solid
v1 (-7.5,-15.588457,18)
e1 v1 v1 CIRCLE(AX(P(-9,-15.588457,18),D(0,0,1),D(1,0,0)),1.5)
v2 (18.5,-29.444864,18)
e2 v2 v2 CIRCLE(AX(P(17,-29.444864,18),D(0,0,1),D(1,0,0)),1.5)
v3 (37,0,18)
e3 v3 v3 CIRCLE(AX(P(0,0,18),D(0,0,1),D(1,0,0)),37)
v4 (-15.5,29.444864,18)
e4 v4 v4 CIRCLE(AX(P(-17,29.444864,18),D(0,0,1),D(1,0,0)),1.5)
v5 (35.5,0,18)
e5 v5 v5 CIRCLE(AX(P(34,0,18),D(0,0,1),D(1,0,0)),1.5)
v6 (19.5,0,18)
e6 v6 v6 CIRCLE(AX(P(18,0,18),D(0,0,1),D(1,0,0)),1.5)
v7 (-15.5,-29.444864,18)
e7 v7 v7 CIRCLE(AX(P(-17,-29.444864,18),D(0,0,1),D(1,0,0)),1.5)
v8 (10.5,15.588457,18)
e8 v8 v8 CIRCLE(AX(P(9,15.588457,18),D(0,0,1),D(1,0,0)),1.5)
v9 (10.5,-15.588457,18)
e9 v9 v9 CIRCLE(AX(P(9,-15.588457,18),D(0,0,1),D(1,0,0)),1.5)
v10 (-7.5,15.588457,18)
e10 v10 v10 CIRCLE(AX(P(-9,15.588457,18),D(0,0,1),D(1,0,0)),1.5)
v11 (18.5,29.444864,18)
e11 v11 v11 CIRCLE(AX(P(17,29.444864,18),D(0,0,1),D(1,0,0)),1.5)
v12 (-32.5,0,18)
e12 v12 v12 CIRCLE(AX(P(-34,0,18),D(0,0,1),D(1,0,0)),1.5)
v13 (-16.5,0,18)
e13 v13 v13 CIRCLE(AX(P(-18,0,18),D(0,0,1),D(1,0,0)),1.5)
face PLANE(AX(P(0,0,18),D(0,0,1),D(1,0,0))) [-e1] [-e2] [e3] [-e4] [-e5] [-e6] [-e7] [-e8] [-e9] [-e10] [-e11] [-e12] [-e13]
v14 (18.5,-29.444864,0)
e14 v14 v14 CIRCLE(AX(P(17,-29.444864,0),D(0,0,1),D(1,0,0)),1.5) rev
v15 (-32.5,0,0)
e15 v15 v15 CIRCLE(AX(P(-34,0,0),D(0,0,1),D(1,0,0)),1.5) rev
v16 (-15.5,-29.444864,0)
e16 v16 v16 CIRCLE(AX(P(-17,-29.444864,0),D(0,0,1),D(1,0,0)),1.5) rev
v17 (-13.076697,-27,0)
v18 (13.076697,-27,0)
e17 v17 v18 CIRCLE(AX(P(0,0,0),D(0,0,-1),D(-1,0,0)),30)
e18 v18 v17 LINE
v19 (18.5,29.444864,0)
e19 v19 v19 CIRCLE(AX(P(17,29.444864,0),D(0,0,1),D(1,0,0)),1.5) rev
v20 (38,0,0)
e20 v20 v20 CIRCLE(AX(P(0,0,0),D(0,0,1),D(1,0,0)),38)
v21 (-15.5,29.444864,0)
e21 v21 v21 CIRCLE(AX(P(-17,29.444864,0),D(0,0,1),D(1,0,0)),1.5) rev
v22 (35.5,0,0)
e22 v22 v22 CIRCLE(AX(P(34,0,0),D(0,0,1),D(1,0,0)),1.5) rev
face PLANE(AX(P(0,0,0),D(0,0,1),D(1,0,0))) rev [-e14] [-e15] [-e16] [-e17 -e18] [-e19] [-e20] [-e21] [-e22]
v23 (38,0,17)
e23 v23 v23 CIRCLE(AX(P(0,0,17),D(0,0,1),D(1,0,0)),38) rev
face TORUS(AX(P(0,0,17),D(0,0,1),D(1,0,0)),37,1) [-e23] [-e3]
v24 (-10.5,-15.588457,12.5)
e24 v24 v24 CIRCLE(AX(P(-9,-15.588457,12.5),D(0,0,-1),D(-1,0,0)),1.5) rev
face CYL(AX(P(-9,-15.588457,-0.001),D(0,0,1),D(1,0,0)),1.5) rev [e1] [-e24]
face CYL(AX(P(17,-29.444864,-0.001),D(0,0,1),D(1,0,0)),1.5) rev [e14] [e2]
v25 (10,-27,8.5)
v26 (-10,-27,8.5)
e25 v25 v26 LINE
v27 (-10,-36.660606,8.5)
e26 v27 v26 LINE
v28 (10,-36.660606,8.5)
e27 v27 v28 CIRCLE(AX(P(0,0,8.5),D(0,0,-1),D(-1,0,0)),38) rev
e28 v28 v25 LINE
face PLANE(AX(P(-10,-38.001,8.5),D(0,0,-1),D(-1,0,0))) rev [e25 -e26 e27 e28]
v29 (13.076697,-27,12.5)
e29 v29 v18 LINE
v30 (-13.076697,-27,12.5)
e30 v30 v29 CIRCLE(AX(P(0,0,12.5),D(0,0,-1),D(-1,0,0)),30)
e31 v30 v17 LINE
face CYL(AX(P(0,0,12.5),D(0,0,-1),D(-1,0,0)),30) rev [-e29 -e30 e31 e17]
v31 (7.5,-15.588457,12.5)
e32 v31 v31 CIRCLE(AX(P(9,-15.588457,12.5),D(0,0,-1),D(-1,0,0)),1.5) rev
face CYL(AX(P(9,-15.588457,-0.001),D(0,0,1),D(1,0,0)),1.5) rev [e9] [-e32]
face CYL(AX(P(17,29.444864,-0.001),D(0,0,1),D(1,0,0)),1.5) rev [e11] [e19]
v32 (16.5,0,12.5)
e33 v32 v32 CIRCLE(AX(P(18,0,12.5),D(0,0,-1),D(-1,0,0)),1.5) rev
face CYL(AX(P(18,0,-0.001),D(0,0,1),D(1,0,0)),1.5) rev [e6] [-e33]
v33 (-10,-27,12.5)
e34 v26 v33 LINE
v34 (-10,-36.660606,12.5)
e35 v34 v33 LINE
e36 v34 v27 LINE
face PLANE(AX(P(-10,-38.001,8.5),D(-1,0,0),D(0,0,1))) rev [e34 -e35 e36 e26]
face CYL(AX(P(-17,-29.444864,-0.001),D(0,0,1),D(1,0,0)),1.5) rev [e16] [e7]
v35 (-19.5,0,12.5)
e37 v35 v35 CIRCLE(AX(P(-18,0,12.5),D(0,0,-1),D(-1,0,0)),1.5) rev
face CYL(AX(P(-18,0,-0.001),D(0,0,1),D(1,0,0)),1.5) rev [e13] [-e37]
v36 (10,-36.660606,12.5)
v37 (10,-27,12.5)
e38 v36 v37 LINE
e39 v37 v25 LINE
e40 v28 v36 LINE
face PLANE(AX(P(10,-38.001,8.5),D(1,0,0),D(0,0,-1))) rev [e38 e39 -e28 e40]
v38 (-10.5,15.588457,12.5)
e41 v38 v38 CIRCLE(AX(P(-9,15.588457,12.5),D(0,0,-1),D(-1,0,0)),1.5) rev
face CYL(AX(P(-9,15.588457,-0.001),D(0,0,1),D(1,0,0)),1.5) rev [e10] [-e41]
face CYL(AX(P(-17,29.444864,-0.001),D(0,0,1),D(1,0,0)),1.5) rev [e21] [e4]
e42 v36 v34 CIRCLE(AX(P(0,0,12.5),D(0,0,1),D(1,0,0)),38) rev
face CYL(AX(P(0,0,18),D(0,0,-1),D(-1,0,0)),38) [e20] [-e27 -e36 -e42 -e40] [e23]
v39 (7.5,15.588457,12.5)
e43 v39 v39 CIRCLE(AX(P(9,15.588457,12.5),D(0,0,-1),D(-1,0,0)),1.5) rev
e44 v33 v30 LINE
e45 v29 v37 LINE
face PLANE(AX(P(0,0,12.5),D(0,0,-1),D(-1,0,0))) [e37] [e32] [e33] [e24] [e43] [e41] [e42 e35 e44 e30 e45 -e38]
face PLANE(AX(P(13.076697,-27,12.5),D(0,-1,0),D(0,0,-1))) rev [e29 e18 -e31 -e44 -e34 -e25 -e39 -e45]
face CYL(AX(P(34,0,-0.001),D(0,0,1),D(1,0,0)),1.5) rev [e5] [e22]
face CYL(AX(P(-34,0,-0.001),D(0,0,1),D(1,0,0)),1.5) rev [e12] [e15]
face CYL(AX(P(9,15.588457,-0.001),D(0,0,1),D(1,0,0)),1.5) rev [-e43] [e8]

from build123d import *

# Parameters (mm, degrees)
SKETCH_1_R               = 38
EXTRUDE_1_DEPTH          = 18
CUT_EXTRUDE_1_REACH      = 58.675
SKETCH_2_R               = 1.5
CUT_EXTRUDE_2_DEPTH      = 12.5
FILLET_1_R               = 1
CUT_EXTRUDE_7_REACH      = 79.414
CUT_EXTRUDE_7_END_RADIUS = 38
SKETCH_6_W               = 20
SKETCH_6_H               = 4
CUT_EXTRUDE_8_REACH      = 58.675
SKETCH_7_R               = 1.5


with BuildPart() as part:
    # Эскиз1 → Бобышка-Вытянуть1 (new body)
    with BuildSketch(Plane.XY):
        Circle(SKETCH_1_R)
    extrude(amount=EXTRUDE_1_DEPTH)

    # Эскиз2 → Вырез-Вытянуть1 (cut, up to next)
    with BuildSketch(Plane.XY.offset(18), mode=Mode.PRIVATE) as cut_extrude_1_sk1:
        with Locations((-34, 0)):
            Circle(SKETCH_2_R)
    cut_extrude_1_tool1 = extrude(cut_extrude_1_sk1.sketch, amount=-CUT_EXTRUDE_1_REACH, mode=Mode.PRIVATE) & part.part
    # Эскиз2 → Вырез-Вытянуть1 (cut, up to next)
    with BuildSketch(Plane.XY.offset(18), mode=Mode.PRIVATE) as cut_extrude_1_sk2:
        with Locations((-17, 29.444863729)):
            Circle(SKETCH_2_R)
    cut_extrude_1_tool2 = extrude(cut_extrude_1_sk2.sketch, amount=-CUT_EXTRUDE_1_REACH, mode=Mode.PRIVATE) & part.part
    # Эскиз2 → Вырез-Вытянуть1 (cut, up to next)
    with BuildSketch(Plane.XY.offset(18), mode=Mode.PRIVATE) as cut_extrude_1_sk3:
        with Locations((17, 29.444863729)):
            Circle(SKETCH_2_R)
    cut_extrude_1_tool3 = extrude(cut_extrude_1_sk3.sketch, amount=-CUT_EXTRUDE_1_REACH, mode=Mode.PRIVATE) & part.part
    # Эскиз2 → Вырез-Вытянуть1 (cut, up to next)
    with BuildSketch(Plane.XY.offset(18), mode=Mode.PRIVATE) as cut_extrude_1_sk4:
        with Locations((34, 0)):
            Circle(SKETCH_2_R)
    cut_extrude_1_tool4 = extrude(cut_extrude_1_sk4.sketch, amount=-CUT_EXTRUDE_1_REACH, mode=Mode.PRIVATE) & part.part
    # Эскиз2 → Вырез-Вытянуть1 (cut, up to next)
    with BuildSketch(Plane.XY.offset(18), mode=Mode.PRIVATE) as cut_extrude_1_sk5:
        with Locations((17, -29.444863729)):
            Circle(SKETCH_2_R)
    cut_extrude_1_tool5 = extrude(cut_extrude_1_sk5.sketch, amount=-CUT_EXTRUDE_1_REACH, mode=Mode.PRIVATE) & part.part
    # Эскиз2 → Вырез-Вытянуть1 (cut, up to next)
    with BuildSketch(Plane.XY.offset(18), mode=Mode.PRIVATE) as cut_extrude_1_sk6:
        with Locations((-17, -29.444863729)):
            Circle(SKETCH_2_R)
    cut_extrude_1_tool6 = extrude(cut_extrude_1_sk6.sketch, amount=-CUT_EXTRUDE_1_REACH, mode=Mode.PRIVATE) & part.part
    add(cut_extrude_1_tool1.solids().sort_by_distance((-34, 0, 18))[0], mode=Mode.SUBTRACT)
    add(cut_extrude_1_tool2.solids().sort_by_distance((-17, 29.444864, 18))[0], mode=Mode.SUBTRACT)
    add(cut_extrude_1_tool3.solids().sort_by_distance((17, 29.444864, 18))[0], mode=Mode.SUBTRACT)
    add(cut_extrude_1_tool4.solids().sort_by_distance((34, 0, 18))[0], mode=Mode.SUBTRACT)
    add(cut_extrude_1_tool5.solids().sort_by_distance((17, -29.444864, 18))[0], mode=Mode.SUBTRACT)
    add(cut_extrude_1_tool6.solids().sort_by_distance((-17, -29.444864, 18))[0], mode=Mode.SUBTRACT)

    # Эскиз3 → Вырез-Вытянуть2 (cut)
    with BuildSketch(Plane(origin=(0, 0, 0), x_dir=(-1, 0, 0), z_dir=(0, 0, -1))):
        with BuildLine():
            Line((-13.076696831, -27), (13.076696831, -27))
            ThreePointArc((13.076696831, -27), (0, 30), (-13.076696831, -27))
        make_face()
    extrude(amount=-CUT_EXTRUDE_2_DEPTH, mode=Mode.SUBTRACT)

    # Скругление1
    fillet_1_edges = [part.edges().sort_by_distance(p)[0] for p in [
        (-38, 0, 18),
    ]]
    fillet(fillet_1_edges, radius=FILLET_1_R)

    # Вырез-Вытянуть7: up to this cylinder (the profile starts inside it)
    cut_extrude_7_end = Plane(origin=(0, 0, 10.5), z_dir=(0, 0, -1)) * Cylinder(CUT_EXTRUDE_7_END_RADIUS, 235.828, mode=Mode.PRIVATE)
    # Эскиз6 → Вырез-Вытянуть7 (cut, up to the surface)
    with BuildSketch(Plane(origin=(0, -27, 0), x_dir=(1, 0, 0), z_dir=(0, 1, 0)), mode=Mode.PRIVATE) as cut_extrude_7_sk1:
        with Locations((0, -10.5)):
            Rectangle(SKETCH_6_W, SKETCH_6_H)
    cut_extrude_7_tool1 = extrude(cut_extrude_7_sk1.sketch, amount=-CUT_EXTRUDE_7_REACH, mode=Mode.PRIVATE) & cut_extrude_7_end
    add(cut_extrude_7_tool1.solids().sort_by_distance((0, -27, 10.5))[0], mode=Mode.SUBTRACT)

    # Эскиз7 → Вырез-Вытянуть8 (cut, up to next)
    with BuildSketch(Plane.XY.offset(18), mode=Mode.PRIVATE) as cut_extrude_8_sk1:
        with Locations((-18, 0)):
            Circle(SKETCH_7_R)
    cut_extrude_8_tool1 = extrude(cut_extrude_8_sk1.sketch, amount=-CUT_EXTRUDE_8_REACH, mode=Mode.PRIVATE) & part.part
    # Эскиз7 → Вырез-Вытянуть8 (cut, up to next)
    with BuildSketch(Plane.XY.offset(18), mode=Mode.PRIVATE) as cut_extrude_8_sk2:
        with Locations((-9, 15.588457268)):
            Circle(SKETCH_7_R)
    cut_extrude_8_tool2 = extrude(cut_extrude_8_sk2.sketch, amount=-CUT_EXTRUDE_8_REACH, mode=Mode.PRIVATE) & part.part
    # Эскиз7 → Вырез-Вытянуть8 (cut, up to next)
    with BuildSketch(Plane.XY.offset(18), mode=Mode.PRIVATE) as cut_extrude_8_sk3:
        with Locations((9, 15.588457268)):
            Circle(SKETCH_7_R)
    cut_extrude_8_tool3 = extrude(cut_extrude_8_sk3.sketch, amount=-CUT_EXTRUDE_8_REACH, mode=Mode.PRIVATE) & part.part
    # Эскиз7 → Вырез-Вытянуть8 (cut, up to next)
    with BuildSketch(Plane.XY.offset(18), mode=Mode.PRIVATE) as cut_extrude_8_sk4:
        with Locations((18, 0)):
            Circle(SKETCH_7_R)
    cut_extrude_8_tool4 = extrude(cut_extrude_8_sk4.sketch, amount=-CUT_EXTRUDE_8_REACH, mode=Mode.PRIVATE) & part.part
    # Эскиз7 → Вырез-Вытянуть8 (cut, up to next)
    with BuildSketch(Plane.XY.offset(18), mode=Mode.PRIVATE) as cut_extrude_8_sk5:
        with Locations((9, -15.588457268)):
            Circle(SKETCH_7_R)
    cut_extrude_8_tool5 = extrude(cut_extrude_8_sk5.sketch, amount=-CUT_EXTRUDE_8_REACH, mode=Mode.PRIVATE) & part.part
    # Эскиз7 → Вырез-Вытянуть8 (cut, up to next)
    with BuildSketch(Plane.XY.offset(18), mode=Mode.PRIVATE) as cut_extrude_8_sk6:
        with Locations((-9, -15.588457268)):
            Circle(SKETCH_7_R)
    cut_extrude_8_tool6 = extrude(cut_extrude_8_sk6.sketch, amount=-CUT_EXTRUDE_8_REACH, mode=Mode.PRIVATE) & part.part
    add(cut_extrude_8_tool1.solids().sort_by_distance((-18, 0, 18))[0], mode=Mode.SUBTRACT)
    add(cut_extrude_8_tool2.solids().sort_by_distance((-9, 15.588457, 18))[0], mode=Mode.SUBTRACT)
    add(cut_extrude_8_tool3.solids().sort_by_distance((9, 15.588457, 18))[0], mode=Mode.SUBTRACT)
    add(cut_extrude_8_tool4.solids().sort_by_distance((18, 0, 18))[0], mode=Mode.SUBTRACT)
    add(cut_extrude_8_tool5.solids().sort_by_distance((9, -15.588457, 18))[0], mode=Mode.SUBTRACT)
    add(cut_extrude_8_tool6.solids().sort_by_distance((-9, -15.588457, 18))[0], mode=Mode.SUBTRACT)


solid = part.part
